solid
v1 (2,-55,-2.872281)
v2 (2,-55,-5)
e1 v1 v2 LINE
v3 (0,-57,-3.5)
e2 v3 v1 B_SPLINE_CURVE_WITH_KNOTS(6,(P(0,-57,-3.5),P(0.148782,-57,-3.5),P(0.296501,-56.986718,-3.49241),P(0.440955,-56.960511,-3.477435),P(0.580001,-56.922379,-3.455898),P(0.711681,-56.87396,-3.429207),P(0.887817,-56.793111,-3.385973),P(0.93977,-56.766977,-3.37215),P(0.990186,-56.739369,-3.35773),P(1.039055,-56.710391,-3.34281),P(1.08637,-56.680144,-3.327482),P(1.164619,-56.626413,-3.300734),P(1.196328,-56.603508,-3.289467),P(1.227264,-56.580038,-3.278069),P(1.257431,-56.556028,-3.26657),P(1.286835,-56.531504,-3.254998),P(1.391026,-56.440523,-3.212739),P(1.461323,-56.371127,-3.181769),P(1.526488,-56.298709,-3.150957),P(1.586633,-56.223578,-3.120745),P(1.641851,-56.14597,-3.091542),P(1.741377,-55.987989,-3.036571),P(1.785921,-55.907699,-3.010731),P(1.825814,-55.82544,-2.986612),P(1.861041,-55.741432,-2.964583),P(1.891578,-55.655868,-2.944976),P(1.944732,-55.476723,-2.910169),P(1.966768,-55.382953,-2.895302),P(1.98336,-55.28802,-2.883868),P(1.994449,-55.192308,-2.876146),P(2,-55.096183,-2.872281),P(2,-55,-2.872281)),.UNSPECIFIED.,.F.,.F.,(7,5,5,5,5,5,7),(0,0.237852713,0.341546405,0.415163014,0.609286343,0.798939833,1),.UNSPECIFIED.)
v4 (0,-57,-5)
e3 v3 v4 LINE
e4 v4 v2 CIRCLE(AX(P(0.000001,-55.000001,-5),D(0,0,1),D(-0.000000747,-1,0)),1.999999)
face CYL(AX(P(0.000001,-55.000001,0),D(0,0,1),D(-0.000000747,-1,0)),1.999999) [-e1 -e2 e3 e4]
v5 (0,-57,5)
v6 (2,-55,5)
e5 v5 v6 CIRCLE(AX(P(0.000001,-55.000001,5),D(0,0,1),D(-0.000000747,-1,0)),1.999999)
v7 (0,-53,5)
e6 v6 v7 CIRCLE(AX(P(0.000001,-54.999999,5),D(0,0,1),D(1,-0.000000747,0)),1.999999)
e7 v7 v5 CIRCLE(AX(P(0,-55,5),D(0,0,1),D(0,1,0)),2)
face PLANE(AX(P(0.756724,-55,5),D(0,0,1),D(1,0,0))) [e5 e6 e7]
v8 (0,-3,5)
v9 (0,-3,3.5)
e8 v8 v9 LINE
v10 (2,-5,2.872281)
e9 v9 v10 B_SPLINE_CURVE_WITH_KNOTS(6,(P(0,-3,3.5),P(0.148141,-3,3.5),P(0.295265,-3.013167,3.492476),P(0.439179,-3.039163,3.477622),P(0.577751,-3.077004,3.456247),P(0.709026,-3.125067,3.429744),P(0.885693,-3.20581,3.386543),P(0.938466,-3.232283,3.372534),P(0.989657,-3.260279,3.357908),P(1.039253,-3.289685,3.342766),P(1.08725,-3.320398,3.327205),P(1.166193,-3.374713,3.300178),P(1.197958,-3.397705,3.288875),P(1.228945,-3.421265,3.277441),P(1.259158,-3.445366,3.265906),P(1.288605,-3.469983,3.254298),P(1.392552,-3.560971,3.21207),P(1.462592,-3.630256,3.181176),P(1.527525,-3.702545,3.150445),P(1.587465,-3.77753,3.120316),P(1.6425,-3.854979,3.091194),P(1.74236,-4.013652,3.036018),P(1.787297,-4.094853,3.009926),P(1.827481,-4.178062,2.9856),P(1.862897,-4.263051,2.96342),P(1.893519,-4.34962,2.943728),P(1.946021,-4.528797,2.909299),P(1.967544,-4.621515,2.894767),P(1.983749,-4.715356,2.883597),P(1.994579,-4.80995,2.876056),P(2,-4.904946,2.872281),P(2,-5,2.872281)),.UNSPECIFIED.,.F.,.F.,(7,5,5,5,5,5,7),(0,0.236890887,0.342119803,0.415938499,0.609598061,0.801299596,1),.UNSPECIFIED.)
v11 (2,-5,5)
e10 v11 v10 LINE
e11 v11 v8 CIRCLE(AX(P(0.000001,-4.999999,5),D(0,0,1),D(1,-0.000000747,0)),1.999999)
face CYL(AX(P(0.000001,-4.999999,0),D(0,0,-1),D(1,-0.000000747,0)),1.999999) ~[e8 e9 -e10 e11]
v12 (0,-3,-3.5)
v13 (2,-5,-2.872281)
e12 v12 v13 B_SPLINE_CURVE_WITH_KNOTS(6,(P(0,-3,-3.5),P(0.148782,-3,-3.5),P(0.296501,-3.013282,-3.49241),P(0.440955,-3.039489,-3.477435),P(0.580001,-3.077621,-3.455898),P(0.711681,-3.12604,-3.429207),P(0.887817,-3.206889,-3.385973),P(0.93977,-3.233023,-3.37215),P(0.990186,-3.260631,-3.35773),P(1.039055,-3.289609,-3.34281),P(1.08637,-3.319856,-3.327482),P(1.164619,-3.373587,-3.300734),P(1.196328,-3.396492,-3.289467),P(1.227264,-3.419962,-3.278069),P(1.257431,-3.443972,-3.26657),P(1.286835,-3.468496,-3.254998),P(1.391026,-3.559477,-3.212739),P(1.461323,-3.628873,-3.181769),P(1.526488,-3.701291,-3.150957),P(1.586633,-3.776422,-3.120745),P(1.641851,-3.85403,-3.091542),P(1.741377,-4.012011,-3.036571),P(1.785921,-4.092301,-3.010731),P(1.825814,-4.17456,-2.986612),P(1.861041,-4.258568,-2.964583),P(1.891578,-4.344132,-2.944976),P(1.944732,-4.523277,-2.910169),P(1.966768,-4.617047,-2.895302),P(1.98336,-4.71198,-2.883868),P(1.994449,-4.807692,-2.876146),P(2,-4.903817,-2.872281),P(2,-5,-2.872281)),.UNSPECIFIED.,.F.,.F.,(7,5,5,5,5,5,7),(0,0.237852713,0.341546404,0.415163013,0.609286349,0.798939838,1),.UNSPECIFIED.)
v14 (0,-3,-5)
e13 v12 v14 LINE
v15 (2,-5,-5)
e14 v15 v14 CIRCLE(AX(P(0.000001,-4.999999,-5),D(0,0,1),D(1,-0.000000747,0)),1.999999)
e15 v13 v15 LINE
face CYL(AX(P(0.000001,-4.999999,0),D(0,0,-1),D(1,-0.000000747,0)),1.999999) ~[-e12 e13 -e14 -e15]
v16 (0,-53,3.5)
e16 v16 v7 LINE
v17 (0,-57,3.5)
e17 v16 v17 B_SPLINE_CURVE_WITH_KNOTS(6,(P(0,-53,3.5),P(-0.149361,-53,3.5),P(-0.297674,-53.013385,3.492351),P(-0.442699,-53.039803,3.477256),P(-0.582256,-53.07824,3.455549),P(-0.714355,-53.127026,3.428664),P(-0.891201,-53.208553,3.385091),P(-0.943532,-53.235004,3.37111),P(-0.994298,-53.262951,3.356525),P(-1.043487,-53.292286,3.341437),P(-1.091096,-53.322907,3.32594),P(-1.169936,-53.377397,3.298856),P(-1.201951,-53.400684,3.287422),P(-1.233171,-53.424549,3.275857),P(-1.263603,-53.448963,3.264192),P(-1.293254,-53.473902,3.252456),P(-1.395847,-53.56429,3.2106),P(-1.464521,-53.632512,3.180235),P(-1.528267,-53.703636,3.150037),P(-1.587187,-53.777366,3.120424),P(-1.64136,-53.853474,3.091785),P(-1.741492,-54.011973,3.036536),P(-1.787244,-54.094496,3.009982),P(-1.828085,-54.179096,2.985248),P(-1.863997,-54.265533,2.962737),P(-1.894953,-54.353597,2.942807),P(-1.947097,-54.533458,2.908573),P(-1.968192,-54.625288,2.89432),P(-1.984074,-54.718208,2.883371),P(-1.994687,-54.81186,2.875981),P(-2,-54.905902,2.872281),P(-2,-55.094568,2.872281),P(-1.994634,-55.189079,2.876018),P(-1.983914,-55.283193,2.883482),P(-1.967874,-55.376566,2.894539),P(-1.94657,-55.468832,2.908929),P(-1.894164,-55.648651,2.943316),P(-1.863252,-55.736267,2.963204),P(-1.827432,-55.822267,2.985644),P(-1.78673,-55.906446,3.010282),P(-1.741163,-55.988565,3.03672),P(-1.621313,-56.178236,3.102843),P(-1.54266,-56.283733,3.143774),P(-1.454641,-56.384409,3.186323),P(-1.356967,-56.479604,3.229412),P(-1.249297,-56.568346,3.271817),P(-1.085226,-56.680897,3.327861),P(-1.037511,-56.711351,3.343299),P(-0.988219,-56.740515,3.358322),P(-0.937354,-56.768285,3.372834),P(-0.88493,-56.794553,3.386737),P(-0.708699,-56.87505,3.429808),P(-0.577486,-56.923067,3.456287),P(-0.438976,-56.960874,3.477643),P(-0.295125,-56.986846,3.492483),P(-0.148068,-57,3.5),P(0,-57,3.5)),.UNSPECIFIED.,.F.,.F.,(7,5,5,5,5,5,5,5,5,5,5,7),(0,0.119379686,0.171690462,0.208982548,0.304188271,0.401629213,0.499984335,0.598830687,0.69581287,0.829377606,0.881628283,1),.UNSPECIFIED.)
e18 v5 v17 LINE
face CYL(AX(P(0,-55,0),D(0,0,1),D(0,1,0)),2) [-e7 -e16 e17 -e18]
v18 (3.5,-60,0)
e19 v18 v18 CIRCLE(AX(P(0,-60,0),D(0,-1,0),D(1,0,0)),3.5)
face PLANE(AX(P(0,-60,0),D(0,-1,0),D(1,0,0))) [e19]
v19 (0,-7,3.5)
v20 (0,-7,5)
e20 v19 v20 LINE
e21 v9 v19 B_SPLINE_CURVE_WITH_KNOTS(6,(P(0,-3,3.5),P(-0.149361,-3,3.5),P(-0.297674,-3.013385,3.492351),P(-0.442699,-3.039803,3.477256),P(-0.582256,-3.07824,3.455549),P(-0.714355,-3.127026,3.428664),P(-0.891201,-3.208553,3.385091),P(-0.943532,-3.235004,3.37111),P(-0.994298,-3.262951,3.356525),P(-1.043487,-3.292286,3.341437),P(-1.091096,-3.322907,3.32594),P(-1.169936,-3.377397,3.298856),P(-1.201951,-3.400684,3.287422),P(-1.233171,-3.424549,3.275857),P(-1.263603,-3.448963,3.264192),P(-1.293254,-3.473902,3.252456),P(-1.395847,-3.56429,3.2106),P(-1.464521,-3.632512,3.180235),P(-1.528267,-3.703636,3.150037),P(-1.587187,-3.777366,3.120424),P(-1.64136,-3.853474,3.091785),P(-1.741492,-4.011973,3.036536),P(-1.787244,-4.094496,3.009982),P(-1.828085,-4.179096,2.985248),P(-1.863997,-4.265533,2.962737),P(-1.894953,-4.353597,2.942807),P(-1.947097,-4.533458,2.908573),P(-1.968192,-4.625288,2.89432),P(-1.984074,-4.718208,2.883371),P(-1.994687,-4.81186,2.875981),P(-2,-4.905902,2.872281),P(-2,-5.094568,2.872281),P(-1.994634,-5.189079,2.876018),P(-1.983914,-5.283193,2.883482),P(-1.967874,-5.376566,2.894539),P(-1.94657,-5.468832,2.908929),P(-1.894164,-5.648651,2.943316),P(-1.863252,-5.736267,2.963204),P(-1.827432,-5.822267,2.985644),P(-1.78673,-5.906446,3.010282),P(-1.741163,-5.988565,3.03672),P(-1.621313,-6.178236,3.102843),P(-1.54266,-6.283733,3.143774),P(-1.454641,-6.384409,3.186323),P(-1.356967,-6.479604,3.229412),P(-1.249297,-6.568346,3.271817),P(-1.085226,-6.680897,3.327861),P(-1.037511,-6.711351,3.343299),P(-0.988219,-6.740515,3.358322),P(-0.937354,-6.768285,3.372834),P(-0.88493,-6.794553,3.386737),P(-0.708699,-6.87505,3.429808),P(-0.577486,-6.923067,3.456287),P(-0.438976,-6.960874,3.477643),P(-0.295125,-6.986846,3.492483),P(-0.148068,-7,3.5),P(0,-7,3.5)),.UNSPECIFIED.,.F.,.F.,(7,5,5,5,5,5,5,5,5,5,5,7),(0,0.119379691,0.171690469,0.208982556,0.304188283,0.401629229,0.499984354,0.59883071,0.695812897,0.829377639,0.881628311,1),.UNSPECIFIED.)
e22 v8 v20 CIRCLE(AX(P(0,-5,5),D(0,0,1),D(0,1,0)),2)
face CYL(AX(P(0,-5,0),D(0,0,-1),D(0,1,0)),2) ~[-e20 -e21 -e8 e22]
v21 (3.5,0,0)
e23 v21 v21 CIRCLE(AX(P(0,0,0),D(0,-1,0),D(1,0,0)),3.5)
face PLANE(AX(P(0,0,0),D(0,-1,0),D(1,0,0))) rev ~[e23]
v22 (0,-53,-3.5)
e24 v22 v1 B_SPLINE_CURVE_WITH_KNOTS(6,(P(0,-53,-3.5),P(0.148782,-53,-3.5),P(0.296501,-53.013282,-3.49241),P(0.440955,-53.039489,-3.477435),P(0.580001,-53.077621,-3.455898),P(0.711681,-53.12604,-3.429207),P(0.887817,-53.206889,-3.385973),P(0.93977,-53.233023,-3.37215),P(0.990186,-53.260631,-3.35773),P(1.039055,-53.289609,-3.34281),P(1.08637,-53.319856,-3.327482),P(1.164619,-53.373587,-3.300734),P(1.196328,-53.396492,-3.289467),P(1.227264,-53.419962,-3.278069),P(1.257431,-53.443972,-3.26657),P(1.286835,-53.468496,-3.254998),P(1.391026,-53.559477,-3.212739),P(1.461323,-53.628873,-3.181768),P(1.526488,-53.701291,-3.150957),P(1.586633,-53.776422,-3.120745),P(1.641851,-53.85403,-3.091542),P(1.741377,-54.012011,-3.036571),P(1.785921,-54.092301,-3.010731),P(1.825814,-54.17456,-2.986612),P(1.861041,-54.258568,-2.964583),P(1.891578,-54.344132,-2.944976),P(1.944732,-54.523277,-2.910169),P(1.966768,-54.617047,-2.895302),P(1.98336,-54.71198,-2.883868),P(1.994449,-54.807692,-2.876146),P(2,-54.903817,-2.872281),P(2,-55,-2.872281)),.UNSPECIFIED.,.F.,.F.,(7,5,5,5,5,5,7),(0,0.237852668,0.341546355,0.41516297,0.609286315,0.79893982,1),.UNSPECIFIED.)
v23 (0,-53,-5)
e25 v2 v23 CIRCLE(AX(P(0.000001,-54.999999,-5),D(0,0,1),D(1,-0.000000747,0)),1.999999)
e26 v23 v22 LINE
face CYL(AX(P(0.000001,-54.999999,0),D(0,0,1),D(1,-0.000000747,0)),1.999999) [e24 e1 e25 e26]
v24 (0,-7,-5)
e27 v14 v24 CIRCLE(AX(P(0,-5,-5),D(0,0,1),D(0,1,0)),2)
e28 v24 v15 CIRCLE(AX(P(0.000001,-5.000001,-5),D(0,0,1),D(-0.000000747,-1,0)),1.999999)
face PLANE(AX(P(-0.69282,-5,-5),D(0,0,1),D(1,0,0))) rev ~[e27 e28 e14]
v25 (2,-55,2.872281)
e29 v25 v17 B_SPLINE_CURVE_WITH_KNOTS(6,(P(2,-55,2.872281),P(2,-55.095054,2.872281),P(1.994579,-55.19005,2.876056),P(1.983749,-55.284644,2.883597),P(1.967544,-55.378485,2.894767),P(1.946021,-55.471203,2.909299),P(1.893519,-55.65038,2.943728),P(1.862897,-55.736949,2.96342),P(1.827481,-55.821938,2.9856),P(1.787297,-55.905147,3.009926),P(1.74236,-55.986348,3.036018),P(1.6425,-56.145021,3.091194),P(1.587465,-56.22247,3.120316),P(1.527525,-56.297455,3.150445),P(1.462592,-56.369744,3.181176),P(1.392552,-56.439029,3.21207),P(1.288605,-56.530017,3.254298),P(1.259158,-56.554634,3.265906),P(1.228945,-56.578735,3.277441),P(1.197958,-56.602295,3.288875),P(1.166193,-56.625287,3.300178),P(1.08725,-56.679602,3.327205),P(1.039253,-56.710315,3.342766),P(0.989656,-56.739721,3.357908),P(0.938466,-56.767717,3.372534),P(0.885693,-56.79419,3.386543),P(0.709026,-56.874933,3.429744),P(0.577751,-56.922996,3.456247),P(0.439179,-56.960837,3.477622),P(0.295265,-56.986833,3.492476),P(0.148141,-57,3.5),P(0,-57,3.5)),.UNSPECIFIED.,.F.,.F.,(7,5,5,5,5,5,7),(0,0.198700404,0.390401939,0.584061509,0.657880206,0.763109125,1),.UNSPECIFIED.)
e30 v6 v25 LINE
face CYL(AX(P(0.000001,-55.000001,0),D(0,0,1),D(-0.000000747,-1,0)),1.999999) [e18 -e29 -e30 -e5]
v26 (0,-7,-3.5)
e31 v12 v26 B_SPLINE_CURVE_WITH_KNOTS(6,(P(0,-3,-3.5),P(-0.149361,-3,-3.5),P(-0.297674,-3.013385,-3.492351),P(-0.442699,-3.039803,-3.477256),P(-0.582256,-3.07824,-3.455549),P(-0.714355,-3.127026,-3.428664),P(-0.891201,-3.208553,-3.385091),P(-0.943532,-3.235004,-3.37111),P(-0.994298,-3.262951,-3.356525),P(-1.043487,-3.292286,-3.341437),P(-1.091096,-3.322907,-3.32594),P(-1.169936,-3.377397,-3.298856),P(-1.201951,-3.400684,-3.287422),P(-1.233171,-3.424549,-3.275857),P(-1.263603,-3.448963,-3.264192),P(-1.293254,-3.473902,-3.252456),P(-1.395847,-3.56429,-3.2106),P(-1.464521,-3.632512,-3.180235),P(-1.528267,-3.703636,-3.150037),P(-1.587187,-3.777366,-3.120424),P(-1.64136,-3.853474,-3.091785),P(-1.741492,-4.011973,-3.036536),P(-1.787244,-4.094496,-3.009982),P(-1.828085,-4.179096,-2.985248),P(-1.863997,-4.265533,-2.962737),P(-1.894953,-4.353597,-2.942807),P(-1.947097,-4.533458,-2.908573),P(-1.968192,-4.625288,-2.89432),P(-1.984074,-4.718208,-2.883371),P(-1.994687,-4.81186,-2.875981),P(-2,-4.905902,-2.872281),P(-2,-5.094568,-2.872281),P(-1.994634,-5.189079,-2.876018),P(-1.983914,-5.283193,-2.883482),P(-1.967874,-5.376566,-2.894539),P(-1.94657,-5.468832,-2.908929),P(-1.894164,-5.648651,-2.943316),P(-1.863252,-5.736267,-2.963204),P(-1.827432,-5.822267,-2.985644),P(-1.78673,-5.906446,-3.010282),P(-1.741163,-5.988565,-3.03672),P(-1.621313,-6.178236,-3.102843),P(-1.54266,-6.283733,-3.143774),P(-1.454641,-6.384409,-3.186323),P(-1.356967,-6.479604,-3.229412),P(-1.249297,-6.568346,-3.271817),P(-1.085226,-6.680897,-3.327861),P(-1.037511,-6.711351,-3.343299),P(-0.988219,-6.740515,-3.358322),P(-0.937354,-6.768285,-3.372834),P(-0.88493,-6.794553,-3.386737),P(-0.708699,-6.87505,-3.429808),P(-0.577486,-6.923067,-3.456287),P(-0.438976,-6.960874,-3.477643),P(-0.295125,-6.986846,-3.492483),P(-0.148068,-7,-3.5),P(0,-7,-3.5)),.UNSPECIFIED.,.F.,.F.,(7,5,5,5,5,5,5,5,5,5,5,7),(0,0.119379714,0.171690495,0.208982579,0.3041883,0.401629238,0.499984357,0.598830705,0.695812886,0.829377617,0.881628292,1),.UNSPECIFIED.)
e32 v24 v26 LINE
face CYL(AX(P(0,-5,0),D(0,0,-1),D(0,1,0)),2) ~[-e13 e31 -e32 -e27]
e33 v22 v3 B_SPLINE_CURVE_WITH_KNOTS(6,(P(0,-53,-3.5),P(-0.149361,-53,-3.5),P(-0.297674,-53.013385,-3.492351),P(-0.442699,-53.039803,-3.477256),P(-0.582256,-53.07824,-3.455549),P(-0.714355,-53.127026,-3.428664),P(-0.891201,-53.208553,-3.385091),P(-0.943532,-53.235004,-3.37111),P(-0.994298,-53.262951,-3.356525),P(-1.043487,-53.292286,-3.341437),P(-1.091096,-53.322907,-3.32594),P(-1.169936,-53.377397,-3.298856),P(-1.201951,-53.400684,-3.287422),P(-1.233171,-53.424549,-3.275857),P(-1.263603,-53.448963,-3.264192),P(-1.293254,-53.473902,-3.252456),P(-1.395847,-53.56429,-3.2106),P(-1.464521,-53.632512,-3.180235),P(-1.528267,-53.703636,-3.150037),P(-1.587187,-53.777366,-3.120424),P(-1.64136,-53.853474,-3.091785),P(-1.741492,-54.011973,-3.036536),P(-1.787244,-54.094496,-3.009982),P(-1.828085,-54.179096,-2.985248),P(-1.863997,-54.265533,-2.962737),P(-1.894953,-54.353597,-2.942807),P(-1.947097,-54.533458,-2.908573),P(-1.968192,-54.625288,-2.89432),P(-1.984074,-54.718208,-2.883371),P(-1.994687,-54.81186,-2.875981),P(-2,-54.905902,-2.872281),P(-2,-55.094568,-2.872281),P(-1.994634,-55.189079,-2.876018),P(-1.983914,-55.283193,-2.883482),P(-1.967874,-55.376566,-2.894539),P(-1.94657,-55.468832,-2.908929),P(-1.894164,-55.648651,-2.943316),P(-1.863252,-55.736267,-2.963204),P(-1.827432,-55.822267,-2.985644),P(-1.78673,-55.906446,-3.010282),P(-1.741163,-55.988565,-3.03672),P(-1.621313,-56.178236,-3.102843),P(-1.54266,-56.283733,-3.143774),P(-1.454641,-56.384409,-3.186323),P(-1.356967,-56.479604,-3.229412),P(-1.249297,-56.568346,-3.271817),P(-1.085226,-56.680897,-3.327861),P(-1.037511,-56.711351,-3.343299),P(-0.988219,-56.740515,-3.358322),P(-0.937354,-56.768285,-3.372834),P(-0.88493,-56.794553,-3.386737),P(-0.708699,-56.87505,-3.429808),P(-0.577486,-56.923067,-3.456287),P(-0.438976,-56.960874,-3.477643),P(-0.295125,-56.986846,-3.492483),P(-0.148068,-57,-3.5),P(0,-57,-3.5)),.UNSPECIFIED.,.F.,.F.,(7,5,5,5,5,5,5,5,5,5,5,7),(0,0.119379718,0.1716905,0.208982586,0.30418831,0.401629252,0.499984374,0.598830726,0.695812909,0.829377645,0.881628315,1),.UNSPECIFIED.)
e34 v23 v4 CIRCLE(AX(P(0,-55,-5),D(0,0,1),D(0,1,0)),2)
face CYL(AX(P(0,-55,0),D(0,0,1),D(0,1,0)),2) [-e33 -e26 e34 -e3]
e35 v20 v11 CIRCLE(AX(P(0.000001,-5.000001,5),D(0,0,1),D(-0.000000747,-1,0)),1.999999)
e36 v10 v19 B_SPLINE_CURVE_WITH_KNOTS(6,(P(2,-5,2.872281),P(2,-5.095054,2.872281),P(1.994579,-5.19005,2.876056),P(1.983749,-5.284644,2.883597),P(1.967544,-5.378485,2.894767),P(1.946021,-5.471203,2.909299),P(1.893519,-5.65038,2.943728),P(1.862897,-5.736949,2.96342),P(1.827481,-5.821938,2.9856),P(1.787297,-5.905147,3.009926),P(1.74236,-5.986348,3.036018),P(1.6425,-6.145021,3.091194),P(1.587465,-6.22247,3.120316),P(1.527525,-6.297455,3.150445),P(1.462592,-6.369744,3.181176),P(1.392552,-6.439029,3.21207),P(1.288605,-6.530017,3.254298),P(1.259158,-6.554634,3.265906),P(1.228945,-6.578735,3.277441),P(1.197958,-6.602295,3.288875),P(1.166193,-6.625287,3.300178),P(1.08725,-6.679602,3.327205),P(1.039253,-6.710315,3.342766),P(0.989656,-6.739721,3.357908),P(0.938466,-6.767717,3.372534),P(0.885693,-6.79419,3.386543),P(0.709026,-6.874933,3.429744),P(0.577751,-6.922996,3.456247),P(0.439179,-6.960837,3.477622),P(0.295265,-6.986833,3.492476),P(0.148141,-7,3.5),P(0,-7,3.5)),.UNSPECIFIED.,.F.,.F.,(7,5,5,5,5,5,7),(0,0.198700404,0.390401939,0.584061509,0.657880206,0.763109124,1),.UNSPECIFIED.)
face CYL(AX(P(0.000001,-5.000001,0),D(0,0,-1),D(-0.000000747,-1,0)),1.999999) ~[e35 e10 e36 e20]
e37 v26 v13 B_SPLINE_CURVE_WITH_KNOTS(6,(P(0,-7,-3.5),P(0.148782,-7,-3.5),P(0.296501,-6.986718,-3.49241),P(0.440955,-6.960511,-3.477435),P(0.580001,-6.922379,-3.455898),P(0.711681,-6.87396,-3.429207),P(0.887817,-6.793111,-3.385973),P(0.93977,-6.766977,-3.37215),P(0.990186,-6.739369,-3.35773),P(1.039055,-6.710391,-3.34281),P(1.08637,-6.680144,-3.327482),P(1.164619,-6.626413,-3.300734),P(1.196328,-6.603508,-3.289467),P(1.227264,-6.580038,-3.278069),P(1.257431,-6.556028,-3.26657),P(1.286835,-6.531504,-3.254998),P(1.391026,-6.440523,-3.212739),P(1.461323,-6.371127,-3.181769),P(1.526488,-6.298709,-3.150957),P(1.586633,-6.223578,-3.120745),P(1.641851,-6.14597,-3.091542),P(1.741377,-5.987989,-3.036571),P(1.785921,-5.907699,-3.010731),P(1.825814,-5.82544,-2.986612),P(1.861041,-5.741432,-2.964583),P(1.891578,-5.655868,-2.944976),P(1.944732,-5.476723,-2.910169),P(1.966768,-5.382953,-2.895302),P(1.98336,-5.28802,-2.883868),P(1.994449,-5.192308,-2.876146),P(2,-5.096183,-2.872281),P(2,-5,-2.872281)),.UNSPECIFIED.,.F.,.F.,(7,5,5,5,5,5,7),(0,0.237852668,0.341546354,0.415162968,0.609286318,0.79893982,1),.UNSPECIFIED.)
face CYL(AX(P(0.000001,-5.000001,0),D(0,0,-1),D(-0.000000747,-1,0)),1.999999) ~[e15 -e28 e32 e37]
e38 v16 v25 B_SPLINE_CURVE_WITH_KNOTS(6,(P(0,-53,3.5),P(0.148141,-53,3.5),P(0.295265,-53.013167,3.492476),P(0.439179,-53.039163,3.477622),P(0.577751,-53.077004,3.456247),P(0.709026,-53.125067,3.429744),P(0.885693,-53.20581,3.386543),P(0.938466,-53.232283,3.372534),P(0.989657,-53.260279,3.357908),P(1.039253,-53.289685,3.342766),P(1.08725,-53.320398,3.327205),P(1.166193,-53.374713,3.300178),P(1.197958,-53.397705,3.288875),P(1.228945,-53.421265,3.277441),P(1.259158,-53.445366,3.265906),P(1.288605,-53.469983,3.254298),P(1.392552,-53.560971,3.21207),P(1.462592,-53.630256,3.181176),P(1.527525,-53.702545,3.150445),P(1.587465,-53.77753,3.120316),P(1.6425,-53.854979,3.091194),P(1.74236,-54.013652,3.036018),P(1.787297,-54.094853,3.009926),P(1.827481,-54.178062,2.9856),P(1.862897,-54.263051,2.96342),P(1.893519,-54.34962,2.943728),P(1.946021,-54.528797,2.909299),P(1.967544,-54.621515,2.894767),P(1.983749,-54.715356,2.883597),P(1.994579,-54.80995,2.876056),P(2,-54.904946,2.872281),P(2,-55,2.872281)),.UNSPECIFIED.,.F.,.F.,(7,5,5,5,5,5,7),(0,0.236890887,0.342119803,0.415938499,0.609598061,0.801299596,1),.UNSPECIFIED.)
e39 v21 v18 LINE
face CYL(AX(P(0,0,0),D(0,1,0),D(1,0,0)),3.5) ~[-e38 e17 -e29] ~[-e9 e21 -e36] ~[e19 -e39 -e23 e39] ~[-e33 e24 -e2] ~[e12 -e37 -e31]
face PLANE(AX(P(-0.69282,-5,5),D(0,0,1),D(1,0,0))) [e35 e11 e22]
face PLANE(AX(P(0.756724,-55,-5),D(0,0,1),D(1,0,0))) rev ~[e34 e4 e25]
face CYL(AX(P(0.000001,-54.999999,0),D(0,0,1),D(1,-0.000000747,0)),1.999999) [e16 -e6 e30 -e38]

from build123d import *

# Parameters (mm, degrees)
F0_R     = 3.5
F1_DEPTH = 60
F3_DEPTH = 5


with BuildPart() as f1:
    # F0 (on Front) → F1 (new body)
    with BuildSketch(Plane.XZ):
        Circle(F0_R)
    extrude(amount=F1_DEPTH)

    # F2 (on Top) → F3 (join, symmetric)
    with BuildSketch(Plane.XY):
        with BuildLine():
            Line((0, -7), (0, -3))
            ThreePointArc((0, -3), (-2, -5), (0, -7))
        make_face()
        with BuildLine():
            ThreePointArc((2, -5), (1.414214, -3.585786), (0, -3))
            Line((0, -3), (0, -7))
            ThreePointArc((0, -7), (1.414214, -6.414214), (2, -5))
        make_face()
        with BuildLine():
            ThreePointArc((2, -55), (1.414214, -53.585786), (0, -53))
            Line((0, -53), (0, -57))
            ThreePointArc((0, -57), (1.414214, -56.414214), (2, -55))
        make_face()
        with BuildLine():
            Line((0, -57), (0, -53))
            ThreePointArc((0, -53), (-2, -55), (0, -57))
        make_face()
    extrude(amount=F3_DEPTH, both=True)


solid = f1.part
